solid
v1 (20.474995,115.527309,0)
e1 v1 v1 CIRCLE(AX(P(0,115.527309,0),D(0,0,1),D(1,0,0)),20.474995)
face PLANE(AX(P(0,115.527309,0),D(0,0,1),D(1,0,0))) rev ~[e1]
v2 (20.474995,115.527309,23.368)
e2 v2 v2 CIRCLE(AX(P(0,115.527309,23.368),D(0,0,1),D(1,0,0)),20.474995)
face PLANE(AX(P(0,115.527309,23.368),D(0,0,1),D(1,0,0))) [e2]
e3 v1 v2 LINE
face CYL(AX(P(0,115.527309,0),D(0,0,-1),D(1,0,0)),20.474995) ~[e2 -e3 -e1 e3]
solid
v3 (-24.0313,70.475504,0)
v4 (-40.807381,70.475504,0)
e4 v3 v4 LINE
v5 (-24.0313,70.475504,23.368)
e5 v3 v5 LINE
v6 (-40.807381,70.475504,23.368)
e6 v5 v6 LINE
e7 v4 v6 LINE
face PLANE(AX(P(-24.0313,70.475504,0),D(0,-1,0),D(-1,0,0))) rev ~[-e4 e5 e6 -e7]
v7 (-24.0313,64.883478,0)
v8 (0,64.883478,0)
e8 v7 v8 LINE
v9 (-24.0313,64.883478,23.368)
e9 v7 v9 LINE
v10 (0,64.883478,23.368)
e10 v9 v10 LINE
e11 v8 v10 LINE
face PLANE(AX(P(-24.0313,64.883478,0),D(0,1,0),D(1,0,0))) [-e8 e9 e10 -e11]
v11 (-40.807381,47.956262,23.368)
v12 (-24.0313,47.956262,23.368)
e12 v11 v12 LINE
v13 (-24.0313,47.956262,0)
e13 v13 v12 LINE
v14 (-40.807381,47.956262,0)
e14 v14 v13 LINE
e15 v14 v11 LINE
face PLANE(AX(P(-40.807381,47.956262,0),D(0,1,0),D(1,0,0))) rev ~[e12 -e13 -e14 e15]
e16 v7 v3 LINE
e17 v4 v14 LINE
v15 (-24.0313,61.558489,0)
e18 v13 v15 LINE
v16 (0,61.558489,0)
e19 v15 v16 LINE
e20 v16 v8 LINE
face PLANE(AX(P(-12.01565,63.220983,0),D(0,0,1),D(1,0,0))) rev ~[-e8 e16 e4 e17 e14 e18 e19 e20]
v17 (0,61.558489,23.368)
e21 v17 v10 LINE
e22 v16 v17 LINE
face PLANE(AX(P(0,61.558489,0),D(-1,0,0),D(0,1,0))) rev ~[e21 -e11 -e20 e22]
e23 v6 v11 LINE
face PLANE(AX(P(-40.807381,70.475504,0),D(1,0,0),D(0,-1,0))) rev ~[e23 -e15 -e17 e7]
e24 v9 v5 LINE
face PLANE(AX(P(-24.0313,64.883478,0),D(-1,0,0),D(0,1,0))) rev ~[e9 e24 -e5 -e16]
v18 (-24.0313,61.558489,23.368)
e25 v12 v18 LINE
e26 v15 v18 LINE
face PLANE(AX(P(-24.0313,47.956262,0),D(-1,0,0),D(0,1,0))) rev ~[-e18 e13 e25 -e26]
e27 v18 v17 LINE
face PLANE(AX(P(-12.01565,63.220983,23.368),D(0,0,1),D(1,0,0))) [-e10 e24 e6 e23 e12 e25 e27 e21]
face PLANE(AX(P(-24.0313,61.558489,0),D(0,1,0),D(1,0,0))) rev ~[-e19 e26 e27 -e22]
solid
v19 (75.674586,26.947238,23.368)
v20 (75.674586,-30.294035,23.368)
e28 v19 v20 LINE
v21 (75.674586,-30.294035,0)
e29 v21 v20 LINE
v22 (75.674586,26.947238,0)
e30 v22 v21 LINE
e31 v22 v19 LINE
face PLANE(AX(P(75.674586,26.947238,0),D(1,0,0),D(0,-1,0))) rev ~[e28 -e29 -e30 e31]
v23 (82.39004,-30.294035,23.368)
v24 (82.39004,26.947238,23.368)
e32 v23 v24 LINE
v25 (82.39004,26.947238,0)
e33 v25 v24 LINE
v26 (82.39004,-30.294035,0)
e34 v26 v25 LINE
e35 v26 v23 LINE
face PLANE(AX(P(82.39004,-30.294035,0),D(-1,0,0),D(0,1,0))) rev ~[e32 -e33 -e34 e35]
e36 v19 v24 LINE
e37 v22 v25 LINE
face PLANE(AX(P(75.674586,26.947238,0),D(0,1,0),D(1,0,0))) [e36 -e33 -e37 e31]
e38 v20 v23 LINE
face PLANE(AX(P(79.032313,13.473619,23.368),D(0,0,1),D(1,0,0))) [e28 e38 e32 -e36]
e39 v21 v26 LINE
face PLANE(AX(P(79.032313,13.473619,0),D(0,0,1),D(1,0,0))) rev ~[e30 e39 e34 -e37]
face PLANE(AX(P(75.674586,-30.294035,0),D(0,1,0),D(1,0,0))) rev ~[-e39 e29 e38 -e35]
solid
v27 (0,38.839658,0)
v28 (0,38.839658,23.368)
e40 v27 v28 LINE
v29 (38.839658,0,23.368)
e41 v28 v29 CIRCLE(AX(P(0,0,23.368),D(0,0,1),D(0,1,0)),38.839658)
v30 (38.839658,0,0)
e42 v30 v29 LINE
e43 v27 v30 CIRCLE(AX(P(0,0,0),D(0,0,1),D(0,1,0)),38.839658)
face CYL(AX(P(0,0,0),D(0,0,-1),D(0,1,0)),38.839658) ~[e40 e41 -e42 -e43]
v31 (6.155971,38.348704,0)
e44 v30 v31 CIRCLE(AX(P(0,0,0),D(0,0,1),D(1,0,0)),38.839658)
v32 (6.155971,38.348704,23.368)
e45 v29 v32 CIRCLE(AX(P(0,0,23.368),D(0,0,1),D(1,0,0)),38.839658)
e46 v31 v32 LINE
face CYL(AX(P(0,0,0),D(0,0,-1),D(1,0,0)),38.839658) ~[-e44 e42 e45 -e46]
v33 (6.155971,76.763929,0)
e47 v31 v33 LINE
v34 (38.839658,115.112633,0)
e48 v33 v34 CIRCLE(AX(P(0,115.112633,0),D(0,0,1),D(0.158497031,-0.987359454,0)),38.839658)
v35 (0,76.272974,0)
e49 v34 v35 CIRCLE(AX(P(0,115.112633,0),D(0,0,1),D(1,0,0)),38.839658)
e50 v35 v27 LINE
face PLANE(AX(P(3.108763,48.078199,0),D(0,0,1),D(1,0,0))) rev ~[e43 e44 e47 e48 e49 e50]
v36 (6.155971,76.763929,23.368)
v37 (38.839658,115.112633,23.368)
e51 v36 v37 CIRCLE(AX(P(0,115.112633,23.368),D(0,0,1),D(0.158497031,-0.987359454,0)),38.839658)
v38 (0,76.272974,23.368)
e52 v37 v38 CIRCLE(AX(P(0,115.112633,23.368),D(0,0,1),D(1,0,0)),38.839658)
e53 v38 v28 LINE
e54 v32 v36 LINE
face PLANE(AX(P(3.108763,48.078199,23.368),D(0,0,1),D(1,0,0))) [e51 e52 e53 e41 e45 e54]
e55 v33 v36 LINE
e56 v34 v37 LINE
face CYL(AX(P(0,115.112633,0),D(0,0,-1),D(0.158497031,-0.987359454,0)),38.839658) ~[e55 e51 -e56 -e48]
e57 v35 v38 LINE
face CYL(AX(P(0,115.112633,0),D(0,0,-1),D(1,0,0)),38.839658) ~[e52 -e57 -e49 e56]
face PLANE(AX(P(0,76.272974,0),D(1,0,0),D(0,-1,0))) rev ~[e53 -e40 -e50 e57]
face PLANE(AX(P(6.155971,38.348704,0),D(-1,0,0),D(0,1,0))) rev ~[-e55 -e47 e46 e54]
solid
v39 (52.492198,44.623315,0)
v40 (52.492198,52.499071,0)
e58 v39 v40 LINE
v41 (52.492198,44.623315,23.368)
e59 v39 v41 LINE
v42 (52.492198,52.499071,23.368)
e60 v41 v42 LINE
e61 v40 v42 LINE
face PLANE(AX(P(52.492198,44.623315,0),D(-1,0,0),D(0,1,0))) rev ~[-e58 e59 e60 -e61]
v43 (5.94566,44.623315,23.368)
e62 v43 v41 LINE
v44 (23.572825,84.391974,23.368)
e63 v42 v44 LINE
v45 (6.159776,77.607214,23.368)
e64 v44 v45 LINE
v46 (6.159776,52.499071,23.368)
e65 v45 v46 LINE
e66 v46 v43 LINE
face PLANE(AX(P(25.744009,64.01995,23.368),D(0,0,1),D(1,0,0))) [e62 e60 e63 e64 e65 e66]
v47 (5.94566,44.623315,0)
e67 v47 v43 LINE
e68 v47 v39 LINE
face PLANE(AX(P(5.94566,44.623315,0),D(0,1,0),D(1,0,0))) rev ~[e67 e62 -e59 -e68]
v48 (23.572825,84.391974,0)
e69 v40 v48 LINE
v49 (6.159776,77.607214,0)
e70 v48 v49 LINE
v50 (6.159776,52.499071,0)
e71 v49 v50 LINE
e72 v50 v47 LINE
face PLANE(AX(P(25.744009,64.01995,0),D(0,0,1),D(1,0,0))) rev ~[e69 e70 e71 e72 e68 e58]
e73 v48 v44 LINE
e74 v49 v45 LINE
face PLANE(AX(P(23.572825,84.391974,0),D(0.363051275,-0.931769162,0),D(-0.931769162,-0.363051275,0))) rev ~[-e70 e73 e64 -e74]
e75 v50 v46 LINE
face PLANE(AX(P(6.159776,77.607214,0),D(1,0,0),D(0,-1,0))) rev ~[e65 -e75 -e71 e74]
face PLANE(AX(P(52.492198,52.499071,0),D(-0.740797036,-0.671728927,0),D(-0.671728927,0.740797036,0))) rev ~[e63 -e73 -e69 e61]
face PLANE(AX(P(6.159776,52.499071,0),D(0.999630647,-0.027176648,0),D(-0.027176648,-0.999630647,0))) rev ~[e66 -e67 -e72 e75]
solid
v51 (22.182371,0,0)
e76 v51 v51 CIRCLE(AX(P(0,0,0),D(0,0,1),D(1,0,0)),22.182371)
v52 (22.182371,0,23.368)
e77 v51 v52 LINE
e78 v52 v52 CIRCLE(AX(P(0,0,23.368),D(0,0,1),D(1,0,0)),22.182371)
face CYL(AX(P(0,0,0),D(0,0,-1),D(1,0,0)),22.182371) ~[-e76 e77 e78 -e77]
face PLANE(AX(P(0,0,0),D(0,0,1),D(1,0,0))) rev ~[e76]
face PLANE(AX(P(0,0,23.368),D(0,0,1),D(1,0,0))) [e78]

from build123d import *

# Parameters (mm, degrees)
F2_DEPTH = 23.368
F1_R     = 22.1823708078
F1_W     = 6.7154541612
F1_H     = 26.9472375512
F1_H_2   = 30.2940346301
F1_R_2   = 20.4749954706
F1_W_2   = 24.0313000977
F1_H_3   = 3.3249892294


with BuildPart() as f2:
    # F1 (on face) → F2 (new body)
    with BuildSketch(Plane.XY):
        Polygon((6.1597758904, 77.6072144508), (6.1597758904, 52.4990707636), (52.492197603, 52.4990707636), (23.5728248954, 84.3919739127), align=None)
        Polygon((52.492197603, 52.4990707636), (6.1597758904, 52.4990707636), (5.9456601739, 44.6233153343), (52.492197603, 44.6233153343), align=None)
    extrude(amount=F2_DEPTH)


with BuildPart() as f2b:
    # F1 (on face) → F2, piece 2 (new body)
    with BuildSketch(Plane.XY):
        Circle(F1_R)
    extrude(amount=F2_DEPTH)


with BuildPart() as f2c:
    # F1 (on face) → F2, piece 3 (new body)
    with BuildSketch(Plane.XY):
        with Locations((79.0323130786, 13.4736187756)):
            Rectangle(F1_W, F1_H)
        with Locations((79.0323130786, -15.147017315)):
            Rectangle(F1_W, F1_H_2)
    extrude(amount=F2_DEPTH)


with BuildPart() as f2d:
    # F1 (on face) → F2, piece 4 (new body)
    with BuildSketch(Plane.XY):
        with Locations((0, 115.5273094773)):
            Circle(F1_R_2)
    extrude(amount=F2_DEPTH)


with BuildPart() as f2e:
    # F1 (on face) → F2, piece 5 (new body)
    with BuildSketch(Plane.XY):
        with Locations((-12.0156500489, 63.2209833711)):
            Rectangle(F1_W_2, F1_H_3)
        Polygon((-24.0313000977, 61.5584887564), (-24.0313000977, 64.8834779859), (-24.0313000977, 70.4755038023), (-40.8073812723, 70.4755038023), (-40.8073812723, 47.9562617838), (-24.0313000977, 47.9562617838), align=None)
    extrude(amount=F2_DEPTH)


with BuildPart() as f2f:
    # F0 (on Top) → F2, piece 6 (new body)
    with BuildSketch(Plane.XY):
        with BuildLine():
            ThreePointArc((0, 38.839658283), (3.0877584582, 38.71672511), (6.1559705064, 38.3487037938))
            Line((6.1559705064, 38.3487037938), (6.1559705064, 57.5563162565))
            Line((6.1559705064, 57.5563162565), (0, 57.5563162565))
            Line((0, 57.5563162565), (0, 38.839658283))
        make_face()
        with BuildLine():
            Line((0, 57.5563162565), (6.1559705064, 57.5563162565))
            Line((6.1559705064, 57.5563162565), (6.1559705064, 76.7639287192))
            ThreePointArc((6.1559705064, 76.7639287192), (3.0877584582, 76.395907403), (0, 76.27297423))
            Line((0, 76.27297423), (0, 57.5563162565))
        make_face()
        with BuildLine():
            ThreePointArc((0, 76.27297423), (3.0877584582, 76.395907403), (6.1559705064, 76.7639287192))
            ThreePointArc((6.1559705064, 76.7639287192), (29.5602338151, 89.9191485869), (38.839658283, 115.112632513))
            ThreePointArc((38.839658283, 115.112632513), (-27.4637857509, 142.5764182639), (0, 76.27297423))
        make_face()
        with BuildLine():
            ThreePointArc((0, 38.839658283), (-27.4637857509, -27.4637857509), (38.839658283, 0))
            ThreePointArc((38.839658283, 0), (29.5602338151, 25.1934839261), (6.1559705064, 38.3487037938))
            ThreePointArc((6.1559705064, 38.3487037938), (3.0877584582, 38.71672511), (0, 38.839658283))
        make_face()
    extrude(amount=F2_DEPTH)


solid = Compound([f2.part, f2b.part, f2c.part, f2d.part, f2e.part, f2f.part])
